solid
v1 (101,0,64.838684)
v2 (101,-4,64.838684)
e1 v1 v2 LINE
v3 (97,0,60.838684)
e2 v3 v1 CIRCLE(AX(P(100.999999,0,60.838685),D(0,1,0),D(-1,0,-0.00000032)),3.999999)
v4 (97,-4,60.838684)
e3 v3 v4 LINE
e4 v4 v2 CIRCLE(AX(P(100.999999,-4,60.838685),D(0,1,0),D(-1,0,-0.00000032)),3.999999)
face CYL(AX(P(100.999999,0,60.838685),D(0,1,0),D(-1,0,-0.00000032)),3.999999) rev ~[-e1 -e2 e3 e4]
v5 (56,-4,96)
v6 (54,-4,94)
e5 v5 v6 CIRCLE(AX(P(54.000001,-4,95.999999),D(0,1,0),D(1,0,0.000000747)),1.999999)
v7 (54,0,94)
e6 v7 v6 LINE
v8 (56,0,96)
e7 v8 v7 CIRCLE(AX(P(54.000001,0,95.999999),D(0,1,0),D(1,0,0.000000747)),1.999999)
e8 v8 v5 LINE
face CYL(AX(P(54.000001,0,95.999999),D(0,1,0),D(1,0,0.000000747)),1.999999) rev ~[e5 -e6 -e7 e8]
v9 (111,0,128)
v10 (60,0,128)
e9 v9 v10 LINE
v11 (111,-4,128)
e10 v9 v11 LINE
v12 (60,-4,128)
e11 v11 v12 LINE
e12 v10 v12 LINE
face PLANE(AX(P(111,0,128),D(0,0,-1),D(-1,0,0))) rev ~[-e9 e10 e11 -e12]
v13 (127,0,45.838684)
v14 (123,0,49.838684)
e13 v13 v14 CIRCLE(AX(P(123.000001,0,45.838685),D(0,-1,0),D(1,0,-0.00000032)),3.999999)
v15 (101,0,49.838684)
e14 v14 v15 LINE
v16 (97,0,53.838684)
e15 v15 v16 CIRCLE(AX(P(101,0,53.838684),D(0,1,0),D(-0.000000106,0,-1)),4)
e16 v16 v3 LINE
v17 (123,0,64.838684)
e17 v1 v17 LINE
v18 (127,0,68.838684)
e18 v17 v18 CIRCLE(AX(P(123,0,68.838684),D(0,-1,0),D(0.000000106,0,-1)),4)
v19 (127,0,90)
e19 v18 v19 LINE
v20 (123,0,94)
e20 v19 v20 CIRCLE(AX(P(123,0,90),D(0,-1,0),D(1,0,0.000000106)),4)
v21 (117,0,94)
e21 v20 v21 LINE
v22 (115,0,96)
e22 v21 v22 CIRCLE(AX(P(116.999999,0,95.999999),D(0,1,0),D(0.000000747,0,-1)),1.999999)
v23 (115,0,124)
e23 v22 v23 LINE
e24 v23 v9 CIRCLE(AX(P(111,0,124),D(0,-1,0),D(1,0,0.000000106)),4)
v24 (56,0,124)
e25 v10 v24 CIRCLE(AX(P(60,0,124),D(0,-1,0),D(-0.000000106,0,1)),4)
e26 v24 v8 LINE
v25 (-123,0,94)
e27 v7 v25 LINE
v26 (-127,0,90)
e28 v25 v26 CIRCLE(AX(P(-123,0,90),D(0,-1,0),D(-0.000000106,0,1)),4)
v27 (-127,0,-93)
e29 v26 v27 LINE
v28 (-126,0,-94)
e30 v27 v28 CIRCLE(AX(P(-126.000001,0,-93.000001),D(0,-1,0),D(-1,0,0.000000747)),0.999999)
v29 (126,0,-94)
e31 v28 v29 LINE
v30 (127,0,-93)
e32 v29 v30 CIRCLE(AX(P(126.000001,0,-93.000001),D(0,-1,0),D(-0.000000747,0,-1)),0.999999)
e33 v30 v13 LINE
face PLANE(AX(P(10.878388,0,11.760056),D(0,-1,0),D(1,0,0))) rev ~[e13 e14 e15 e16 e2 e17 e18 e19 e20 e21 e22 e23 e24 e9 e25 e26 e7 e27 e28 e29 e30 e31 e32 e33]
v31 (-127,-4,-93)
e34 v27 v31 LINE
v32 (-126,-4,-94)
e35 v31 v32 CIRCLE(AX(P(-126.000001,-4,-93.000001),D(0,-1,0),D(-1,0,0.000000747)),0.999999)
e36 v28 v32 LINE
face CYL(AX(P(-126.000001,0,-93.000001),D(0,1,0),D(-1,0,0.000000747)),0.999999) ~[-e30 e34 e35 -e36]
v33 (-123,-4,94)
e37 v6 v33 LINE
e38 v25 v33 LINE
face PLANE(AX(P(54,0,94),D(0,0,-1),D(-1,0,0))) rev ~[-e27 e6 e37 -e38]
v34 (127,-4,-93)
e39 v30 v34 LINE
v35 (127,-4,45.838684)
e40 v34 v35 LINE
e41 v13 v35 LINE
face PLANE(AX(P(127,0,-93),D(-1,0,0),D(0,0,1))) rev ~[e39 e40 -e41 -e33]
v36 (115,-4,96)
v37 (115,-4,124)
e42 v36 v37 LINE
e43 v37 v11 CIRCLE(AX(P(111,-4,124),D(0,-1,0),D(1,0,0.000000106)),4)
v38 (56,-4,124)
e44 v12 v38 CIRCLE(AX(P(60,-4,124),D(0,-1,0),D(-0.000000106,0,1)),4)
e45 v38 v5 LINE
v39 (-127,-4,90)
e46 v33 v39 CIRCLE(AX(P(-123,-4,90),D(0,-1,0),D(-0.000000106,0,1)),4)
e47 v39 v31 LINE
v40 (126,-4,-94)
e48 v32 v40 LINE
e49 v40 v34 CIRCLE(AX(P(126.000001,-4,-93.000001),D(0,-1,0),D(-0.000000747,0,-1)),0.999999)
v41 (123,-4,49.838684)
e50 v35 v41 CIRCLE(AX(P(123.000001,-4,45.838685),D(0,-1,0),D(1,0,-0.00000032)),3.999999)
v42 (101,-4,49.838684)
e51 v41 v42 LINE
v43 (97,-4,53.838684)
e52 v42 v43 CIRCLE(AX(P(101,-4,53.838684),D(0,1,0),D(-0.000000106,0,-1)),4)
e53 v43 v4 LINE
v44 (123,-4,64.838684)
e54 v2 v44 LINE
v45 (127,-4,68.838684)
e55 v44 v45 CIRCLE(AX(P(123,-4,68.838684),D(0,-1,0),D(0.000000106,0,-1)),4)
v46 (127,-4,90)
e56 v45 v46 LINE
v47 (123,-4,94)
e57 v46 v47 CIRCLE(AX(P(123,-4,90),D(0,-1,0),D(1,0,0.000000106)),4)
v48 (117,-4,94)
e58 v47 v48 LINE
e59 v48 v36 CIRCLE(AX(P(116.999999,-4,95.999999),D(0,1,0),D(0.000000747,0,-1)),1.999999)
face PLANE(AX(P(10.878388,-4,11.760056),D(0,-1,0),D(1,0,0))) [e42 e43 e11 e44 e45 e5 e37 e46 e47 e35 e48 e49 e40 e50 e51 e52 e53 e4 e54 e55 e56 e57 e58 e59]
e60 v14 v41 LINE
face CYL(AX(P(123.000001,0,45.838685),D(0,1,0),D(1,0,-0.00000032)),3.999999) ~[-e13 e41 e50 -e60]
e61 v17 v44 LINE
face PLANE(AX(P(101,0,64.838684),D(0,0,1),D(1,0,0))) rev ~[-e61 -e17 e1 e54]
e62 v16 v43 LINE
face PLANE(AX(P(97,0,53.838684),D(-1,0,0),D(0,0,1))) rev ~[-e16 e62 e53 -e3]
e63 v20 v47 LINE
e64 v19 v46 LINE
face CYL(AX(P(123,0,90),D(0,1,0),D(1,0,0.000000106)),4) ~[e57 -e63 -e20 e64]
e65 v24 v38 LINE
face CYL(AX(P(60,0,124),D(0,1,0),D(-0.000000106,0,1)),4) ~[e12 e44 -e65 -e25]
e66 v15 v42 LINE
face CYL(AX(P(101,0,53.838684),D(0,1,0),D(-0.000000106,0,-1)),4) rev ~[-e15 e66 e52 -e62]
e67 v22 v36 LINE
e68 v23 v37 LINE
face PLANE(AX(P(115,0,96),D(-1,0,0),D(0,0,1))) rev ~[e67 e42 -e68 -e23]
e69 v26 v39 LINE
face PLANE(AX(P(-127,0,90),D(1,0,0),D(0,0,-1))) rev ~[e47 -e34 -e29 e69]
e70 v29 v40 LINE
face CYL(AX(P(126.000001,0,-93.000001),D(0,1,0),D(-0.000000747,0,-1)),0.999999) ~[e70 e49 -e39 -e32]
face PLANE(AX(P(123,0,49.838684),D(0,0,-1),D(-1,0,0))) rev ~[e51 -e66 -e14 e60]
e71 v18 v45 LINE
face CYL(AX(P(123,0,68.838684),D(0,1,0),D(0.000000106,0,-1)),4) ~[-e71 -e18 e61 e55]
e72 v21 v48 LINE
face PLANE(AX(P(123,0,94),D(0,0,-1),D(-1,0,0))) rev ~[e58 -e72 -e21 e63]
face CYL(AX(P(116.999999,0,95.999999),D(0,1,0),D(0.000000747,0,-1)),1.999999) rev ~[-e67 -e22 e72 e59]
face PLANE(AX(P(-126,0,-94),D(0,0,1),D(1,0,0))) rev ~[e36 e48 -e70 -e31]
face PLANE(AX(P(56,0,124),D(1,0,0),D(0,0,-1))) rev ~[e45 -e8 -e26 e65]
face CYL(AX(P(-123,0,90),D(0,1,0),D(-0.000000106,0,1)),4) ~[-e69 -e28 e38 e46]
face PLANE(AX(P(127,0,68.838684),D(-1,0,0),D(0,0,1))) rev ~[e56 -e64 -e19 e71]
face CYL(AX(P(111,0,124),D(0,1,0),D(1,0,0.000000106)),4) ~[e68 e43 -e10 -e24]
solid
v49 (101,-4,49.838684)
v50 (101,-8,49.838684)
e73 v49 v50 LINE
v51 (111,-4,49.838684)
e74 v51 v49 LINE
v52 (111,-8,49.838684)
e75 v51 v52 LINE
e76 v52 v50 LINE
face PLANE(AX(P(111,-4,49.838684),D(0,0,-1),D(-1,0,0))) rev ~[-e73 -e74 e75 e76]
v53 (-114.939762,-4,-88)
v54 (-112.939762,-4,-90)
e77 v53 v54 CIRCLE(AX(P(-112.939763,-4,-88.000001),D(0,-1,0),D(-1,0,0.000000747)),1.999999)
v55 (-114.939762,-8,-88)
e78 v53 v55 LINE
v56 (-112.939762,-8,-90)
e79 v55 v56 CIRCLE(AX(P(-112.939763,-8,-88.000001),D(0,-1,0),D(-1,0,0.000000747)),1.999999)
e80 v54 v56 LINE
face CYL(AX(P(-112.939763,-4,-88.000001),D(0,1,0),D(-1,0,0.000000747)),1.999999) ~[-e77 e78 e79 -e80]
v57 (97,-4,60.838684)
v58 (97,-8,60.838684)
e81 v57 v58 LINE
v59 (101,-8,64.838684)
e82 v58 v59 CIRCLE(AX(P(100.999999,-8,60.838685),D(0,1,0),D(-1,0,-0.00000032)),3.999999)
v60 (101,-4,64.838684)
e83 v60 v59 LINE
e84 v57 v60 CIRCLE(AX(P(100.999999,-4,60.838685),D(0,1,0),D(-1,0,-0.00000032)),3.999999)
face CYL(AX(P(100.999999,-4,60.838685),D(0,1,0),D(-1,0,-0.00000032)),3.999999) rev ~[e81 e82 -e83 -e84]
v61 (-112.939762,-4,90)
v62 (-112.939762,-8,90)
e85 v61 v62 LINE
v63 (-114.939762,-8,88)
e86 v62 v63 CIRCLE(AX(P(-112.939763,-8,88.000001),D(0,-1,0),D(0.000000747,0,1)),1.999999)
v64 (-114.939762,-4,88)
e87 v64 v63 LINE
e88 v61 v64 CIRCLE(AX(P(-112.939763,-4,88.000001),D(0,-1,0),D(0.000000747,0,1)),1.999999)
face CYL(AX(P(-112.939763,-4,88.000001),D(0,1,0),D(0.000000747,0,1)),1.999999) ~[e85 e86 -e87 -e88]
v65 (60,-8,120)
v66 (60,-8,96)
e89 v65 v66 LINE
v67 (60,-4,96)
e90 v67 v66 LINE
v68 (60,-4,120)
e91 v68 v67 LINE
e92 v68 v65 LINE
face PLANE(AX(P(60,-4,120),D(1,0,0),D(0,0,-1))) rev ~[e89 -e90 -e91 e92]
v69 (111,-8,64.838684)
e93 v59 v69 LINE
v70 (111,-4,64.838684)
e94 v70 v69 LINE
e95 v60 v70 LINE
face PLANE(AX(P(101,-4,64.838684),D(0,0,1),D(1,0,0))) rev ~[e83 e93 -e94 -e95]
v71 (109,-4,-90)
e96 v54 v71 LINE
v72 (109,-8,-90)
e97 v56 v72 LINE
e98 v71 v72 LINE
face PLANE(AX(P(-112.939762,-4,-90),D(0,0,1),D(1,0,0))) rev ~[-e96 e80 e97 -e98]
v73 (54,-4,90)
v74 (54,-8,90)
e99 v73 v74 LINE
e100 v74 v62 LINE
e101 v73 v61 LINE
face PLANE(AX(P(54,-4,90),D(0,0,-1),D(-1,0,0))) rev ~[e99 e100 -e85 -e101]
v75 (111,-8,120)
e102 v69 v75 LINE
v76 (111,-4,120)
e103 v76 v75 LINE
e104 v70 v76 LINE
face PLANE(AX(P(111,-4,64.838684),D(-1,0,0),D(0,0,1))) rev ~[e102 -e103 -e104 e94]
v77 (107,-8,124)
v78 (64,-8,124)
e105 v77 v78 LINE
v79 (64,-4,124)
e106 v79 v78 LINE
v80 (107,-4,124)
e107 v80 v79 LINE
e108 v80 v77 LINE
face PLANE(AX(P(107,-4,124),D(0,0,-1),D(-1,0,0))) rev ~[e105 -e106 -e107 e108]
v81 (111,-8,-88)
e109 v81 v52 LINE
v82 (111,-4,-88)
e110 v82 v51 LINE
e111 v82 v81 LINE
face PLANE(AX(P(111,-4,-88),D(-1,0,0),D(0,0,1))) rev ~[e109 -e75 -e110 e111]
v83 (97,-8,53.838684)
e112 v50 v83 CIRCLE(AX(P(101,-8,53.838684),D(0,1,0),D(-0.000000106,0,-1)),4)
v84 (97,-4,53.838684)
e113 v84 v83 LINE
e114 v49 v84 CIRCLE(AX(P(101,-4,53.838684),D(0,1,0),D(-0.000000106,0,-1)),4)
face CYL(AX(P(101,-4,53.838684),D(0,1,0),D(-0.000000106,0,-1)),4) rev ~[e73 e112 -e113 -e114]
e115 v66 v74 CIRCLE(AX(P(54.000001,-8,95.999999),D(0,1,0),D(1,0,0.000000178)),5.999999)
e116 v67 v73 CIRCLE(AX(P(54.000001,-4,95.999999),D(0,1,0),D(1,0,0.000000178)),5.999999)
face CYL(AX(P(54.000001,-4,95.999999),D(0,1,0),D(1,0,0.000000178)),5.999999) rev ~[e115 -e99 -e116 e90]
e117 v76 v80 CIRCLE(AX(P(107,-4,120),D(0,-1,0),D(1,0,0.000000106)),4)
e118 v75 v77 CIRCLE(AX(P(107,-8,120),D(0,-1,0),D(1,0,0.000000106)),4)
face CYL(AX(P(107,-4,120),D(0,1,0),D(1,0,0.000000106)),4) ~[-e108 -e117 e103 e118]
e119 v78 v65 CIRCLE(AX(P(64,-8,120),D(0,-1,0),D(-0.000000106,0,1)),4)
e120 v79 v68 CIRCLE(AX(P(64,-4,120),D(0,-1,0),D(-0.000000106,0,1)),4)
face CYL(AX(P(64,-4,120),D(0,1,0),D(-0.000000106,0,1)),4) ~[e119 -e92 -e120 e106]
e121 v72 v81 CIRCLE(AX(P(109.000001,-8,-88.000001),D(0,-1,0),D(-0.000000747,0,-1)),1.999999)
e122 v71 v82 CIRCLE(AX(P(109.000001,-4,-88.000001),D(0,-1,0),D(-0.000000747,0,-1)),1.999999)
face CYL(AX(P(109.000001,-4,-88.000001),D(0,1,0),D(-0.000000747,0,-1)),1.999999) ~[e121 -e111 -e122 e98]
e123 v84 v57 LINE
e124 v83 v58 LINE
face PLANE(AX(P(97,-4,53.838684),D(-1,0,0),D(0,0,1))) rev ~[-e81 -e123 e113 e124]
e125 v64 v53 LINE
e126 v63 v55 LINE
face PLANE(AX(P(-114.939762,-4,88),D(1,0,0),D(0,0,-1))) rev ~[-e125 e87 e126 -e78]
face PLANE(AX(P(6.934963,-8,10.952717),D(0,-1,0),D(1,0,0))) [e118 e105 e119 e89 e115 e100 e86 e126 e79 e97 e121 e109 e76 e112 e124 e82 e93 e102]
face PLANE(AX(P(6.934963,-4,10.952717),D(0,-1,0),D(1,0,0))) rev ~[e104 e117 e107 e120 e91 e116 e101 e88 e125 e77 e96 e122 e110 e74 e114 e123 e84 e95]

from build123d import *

# Parameters (mm, degrees)
F1_DEPTH = 4
F3_DEPTH = 4


with BuildPart() as f1:
    # F0 (on Front) → F1 (new body)
    with BuildSketch(Plane.XZ):
        with BuildLine():
            ThreePointArc((127, 90), (125.828427, 92.828427), (123, 94))
            Line((123, 94), (117, 94))
            ThreePointArc((117, 94), (115.585786, 94.585786), (115, 96))
            Line((115, 96), (115, 124))
            ThreePointArc((115, 124), (113.828427, 126.828427), (111, 128))
            Line((111, 128), (60, 128))
            ThreePointArc((60, 128), (57.171573, 126.828427), (56, 124))
            Line((56, 124), (56, 96))
            ThreePointArc((56, 96), (55.414214, 94.585786), (54, 94))
            Line((54, 94), (-123, 94))
            ThreePointArc((-123, 94), (-125.828427, 92.828427), (-127, 90))
            Line((-127, 90), (-127, -93))
            ThreePointArc((-127, -93), (-126.707107, -93.707107), (-126, -94))
            Line((-126, -94), (126, -94))
            ThreePointArc((126, -94), (126.707107, -93.707107), (127, -93))
            Line((127, -93), (127, 45.838684))
            ThreePointArc((127, 45.838684), (125.828427, 48.667112), (123, 49.838684))
            Line((123, 49.838684), (101, 49.838684))
            ThreePointArc((101, 49.838684), (98.171573, 51.010257), (97, 53.838684))
            Line((97, 53.838684), (97, 60.838684))
            ThreePointArc((97, 60.838684), (98.171573, 63.667112), (101, 64.838684))
            Line((101, 64.838684), (123, 64.838684))
            ThreePointArc((123, 64.838684), (125.828427, 66.010257), (127, 68.838684))
            Line((127, 68.838684), (127, 90))
        make_face()
    extrude(amount=F1_DEPTH)


with BuildPart() as f3:
    # F2 (on face) → F3 (new body)
    with BuildSketch(Plane.XZ.offset(4)):
        with BuildLine():
            ThreePointArc((60, 96), (58.242641, 91.757359), (54, 90))
            Line((54, 90), (-112.939762, 90))
            ThreePointArc((-112.939762, 90), (-114.353976, 89.414214), (-114.939762, 88))
            Line((-114.939762, 88), (-114.939762, -88))
            ThreePointArc((-114.939762, -88), (-114.353976, -89.414214), (-112.939762, -90))
            Line((-112.939762, -90), (109, -90))
            ThreePointArc((109, -90), (110.414214, -89.414214), (111, -88))
            Line((111, -88), (111, 49.838684))
            Line((111, 49.838684), (101, 49.838684))
            ThreePointArc((101, 49.838684), (98.171573, 51.010257), (97, 53.838684))
            Line((97, 53.838684), (97, 60.838684))
            ThreePointArc((97, 60.838684), (98.171573, 63.667112), (101, 64.838684))
            Line((101, 64.838684), (111, 64.838684))
            Line((111, 64.838684), (111, 96))
            Line((111, 96), (111, 120))
            ThreePointArc((111, 120), (109.828427, 122.828427), (107, 124))
            Line((107, 124), (64, 124))
            ThreePointArc((64, 124), (61.171573, 122.828427), (60, 120))
            Line((60, 120), (60, 96))
        make_face()
    extrude(amount=F3_DEPTH)


solid = Compound([f1.part, f3.part])
